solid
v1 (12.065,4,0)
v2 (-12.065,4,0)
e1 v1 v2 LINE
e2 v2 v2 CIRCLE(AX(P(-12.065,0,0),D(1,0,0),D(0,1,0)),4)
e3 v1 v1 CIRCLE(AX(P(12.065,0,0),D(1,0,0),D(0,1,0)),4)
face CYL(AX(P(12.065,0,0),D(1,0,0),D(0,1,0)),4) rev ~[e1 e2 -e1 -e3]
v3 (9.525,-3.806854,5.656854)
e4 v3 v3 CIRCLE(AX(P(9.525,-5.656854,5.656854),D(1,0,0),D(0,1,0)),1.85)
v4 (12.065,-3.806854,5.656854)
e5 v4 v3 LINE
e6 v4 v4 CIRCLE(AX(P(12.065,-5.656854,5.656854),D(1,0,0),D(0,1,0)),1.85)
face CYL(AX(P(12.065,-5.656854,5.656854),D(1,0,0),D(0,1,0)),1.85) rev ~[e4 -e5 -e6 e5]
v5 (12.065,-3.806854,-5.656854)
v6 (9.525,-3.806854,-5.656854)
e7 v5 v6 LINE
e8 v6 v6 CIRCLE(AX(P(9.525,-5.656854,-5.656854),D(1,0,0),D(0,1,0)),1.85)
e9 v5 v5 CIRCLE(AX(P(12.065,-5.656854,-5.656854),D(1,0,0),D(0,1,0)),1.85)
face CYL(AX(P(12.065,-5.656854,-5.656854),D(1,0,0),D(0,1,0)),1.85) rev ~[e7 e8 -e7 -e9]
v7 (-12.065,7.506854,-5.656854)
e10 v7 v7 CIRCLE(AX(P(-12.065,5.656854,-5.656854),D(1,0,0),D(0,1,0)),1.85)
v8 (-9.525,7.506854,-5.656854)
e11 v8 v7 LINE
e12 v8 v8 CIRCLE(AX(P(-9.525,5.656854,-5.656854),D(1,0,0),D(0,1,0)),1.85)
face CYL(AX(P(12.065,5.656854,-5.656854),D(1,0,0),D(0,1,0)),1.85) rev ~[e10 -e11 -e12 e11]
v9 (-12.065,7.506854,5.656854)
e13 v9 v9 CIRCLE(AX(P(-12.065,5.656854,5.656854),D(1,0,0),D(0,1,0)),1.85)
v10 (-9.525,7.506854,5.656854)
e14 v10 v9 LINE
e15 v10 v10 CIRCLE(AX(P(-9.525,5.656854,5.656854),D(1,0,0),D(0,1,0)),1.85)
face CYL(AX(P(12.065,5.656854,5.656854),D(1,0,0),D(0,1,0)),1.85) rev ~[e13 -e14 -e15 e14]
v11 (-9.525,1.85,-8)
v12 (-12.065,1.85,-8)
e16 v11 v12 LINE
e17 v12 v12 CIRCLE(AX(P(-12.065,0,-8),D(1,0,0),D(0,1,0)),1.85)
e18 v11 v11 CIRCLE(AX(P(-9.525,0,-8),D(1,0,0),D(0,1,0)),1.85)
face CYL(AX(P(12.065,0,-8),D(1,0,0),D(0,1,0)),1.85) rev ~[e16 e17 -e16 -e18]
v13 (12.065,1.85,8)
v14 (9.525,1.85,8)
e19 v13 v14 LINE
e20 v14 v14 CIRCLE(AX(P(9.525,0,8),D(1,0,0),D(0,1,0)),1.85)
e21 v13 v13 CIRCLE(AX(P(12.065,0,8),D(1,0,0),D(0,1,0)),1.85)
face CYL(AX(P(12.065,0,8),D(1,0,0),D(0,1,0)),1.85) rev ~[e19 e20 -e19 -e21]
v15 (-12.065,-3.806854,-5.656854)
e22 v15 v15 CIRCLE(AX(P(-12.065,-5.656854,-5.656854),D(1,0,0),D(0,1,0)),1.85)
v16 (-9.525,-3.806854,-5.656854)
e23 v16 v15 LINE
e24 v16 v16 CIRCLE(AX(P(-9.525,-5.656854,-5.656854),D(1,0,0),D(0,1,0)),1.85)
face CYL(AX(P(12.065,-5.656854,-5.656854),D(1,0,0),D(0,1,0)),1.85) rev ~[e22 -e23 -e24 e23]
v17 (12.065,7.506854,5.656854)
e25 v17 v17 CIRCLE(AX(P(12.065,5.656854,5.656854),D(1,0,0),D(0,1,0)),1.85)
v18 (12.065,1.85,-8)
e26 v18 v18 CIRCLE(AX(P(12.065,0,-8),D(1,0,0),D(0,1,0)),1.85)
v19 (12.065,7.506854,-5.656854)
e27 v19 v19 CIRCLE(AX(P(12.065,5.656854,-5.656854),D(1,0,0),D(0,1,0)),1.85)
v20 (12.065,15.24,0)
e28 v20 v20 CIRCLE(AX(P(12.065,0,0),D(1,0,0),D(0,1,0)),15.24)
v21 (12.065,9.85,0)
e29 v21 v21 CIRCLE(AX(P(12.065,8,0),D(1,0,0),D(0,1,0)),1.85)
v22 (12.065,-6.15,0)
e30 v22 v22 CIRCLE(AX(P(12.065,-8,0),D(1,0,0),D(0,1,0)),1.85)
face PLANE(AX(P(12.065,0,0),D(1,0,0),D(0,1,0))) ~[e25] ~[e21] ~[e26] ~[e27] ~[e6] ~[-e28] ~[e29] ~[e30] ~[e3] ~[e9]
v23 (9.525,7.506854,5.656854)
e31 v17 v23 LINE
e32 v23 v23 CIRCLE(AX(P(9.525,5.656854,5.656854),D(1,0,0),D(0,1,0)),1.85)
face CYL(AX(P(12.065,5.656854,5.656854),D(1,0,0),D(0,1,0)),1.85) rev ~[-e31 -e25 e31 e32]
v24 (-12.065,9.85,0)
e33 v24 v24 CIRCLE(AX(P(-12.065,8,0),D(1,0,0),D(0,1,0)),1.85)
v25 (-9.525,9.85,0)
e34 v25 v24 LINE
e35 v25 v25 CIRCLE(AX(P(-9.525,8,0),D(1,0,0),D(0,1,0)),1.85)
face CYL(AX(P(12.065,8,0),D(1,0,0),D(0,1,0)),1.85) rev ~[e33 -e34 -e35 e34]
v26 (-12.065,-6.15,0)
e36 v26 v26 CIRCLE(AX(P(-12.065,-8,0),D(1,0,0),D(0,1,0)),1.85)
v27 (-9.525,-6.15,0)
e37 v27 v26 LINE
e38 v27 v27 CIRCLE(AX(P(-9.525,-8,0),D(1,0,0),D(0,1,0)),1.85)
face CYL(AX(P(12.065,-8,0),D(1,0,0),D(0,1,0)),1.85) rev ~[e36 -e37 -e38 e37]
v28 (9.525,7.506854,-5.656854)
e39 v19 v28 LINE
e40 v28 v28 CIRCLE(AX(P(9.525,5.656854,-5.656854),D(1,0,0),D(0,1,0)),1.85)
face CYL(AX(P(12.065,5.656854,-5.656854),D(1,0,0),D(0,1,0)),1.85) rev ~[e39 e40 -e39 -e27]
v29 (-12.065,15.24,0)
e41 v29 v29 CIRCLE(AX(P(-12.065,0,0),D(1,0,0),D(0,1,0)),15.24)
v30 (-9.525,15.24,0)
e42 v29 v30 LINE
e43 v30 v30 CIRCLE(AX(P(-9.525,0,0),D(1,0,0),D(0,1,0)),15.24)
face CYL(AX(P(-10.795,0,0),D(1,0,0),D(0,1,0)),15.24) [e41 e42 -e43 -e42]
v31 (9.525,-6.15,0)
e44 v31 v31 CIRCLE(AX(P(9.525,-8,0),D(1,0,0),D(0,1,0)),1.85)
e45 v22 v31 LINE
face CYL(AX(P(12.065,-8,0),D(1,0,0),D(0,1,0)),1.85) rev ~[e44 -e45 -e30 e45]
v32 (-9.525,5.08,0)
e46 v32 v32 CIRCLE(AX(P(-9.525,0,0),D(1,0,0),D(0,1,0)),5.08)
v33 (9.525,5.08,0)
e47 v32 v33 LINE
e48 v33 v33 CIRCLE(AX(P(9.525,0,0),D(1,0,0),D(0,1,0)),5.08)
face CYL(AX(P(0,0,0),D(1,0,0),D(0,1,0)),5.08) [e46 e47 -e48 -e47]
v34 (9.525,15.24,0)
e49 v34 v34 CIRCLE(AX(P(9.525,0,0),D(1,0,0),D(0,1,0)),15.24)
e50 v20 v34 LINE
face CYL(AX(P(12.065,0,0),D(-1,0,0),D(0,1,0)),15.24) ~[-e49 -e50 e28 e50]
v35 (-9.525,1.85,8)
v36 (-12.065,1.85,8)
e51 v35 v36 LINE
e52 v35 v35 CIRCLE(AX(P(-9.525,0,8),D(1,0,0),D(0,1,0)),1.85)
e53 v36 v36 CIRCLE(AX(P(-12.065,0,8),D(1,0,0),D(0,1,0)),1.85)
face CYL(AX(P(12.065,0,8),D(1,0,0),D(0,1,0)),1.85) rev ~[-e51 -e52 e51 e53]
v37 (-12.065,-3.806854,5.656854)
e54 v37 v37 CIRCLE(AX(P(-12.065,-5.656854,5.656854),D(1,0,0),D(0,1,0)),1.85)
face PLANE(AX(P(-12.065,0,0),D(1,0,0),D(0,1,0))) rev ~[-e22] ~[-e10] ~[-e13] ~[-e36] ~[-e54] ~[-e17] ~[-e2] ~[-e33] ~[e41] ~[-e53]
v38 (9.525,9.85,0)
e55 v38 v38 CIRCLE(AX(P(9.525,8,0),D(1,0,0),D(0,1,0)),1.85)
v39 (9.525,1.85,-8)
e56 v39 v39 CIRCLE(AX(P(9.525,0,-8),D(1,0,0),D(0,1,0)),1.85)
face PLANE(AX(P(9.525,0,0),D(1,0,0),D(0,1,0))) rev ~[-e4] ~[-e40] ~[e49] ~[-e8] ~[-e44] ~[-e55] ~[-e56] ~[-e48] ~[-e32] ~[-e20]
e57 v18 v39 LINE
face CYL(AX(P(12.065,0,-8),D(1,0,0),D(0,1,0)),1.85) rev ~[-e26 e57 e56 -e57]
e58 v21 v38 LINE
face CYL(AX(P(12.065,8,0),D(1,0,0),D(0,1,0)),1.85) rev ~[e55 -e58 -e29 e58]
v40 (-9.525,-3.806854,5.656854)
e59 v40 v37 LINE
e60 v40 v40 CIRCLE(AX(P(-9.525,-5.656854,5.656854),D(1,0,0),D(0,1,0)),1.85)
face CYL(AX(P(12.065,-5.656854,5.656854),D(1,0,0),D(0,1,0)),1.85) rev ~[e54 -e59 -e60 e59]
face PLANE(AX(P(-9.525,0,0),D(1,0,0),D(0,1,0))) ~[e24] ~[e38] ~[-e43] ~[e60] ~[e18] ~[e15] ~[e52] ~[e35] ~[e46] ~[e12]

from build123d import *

# Parameters (mm, degrees)
F0_W     = 2.54
F0_H     = 10.16
F0_H_2   = 5.08
F0_W_2   = 19.05
F2_R     = 4
F2_R_2   = 1.85
F3_DEPTH = 25.4


with BuildPart() as f1:
    # F0 (on Top) → F1 (revolve)
    with BuildSketch(Plane.XY):
        with Locations((-10.795, 10.16)):
            Rectangle(F0_W, F0_H)
        with Locations((-10.795, 2.54)):
            Rectangle(F0_W, F0_H_2)
        with Locations((0, 2.54)):
            Rectangle(F0_W_2, F0_H_2)
        Polygon((9.525, 15.24), (9.525, 5.08), (9.525, 0), (12.065, 0), (12.065, 15.24), align=None)
    revolve(axis=Axis((0, 0, 0), (1, 0, 0)))

    # F2 (on face) → F3 (cut)
    with BuildSketch(Plane.YZ.offset(12.065)):
        Circle(F2_R)
        with Locations((0, 8)):
            Circle(F2_R_2)
        with Locations((-5.656854, 5.656854)):
            Circle(F2_R_2)
        with Locations((-8, 0)):
            Circle(F2_R_2)
        with Locations((-5.656854, -5.656854)):
            Circle(F2_R_2)
        with Locations((0, -8)):
            Circle(F2_R_2)
        with Locations((5.656854, -5.656854)):
            Circle(F2_R_2)
        with Locations((8, 0)):
            Circle(F2_R_2)
        with Locations((5.656854, 5.656854)):
            Circle(F2_R_2)
    extrude(amount=-F3_DEPTH, mode=Mode.SUBTRACT)


solid = f1.part
